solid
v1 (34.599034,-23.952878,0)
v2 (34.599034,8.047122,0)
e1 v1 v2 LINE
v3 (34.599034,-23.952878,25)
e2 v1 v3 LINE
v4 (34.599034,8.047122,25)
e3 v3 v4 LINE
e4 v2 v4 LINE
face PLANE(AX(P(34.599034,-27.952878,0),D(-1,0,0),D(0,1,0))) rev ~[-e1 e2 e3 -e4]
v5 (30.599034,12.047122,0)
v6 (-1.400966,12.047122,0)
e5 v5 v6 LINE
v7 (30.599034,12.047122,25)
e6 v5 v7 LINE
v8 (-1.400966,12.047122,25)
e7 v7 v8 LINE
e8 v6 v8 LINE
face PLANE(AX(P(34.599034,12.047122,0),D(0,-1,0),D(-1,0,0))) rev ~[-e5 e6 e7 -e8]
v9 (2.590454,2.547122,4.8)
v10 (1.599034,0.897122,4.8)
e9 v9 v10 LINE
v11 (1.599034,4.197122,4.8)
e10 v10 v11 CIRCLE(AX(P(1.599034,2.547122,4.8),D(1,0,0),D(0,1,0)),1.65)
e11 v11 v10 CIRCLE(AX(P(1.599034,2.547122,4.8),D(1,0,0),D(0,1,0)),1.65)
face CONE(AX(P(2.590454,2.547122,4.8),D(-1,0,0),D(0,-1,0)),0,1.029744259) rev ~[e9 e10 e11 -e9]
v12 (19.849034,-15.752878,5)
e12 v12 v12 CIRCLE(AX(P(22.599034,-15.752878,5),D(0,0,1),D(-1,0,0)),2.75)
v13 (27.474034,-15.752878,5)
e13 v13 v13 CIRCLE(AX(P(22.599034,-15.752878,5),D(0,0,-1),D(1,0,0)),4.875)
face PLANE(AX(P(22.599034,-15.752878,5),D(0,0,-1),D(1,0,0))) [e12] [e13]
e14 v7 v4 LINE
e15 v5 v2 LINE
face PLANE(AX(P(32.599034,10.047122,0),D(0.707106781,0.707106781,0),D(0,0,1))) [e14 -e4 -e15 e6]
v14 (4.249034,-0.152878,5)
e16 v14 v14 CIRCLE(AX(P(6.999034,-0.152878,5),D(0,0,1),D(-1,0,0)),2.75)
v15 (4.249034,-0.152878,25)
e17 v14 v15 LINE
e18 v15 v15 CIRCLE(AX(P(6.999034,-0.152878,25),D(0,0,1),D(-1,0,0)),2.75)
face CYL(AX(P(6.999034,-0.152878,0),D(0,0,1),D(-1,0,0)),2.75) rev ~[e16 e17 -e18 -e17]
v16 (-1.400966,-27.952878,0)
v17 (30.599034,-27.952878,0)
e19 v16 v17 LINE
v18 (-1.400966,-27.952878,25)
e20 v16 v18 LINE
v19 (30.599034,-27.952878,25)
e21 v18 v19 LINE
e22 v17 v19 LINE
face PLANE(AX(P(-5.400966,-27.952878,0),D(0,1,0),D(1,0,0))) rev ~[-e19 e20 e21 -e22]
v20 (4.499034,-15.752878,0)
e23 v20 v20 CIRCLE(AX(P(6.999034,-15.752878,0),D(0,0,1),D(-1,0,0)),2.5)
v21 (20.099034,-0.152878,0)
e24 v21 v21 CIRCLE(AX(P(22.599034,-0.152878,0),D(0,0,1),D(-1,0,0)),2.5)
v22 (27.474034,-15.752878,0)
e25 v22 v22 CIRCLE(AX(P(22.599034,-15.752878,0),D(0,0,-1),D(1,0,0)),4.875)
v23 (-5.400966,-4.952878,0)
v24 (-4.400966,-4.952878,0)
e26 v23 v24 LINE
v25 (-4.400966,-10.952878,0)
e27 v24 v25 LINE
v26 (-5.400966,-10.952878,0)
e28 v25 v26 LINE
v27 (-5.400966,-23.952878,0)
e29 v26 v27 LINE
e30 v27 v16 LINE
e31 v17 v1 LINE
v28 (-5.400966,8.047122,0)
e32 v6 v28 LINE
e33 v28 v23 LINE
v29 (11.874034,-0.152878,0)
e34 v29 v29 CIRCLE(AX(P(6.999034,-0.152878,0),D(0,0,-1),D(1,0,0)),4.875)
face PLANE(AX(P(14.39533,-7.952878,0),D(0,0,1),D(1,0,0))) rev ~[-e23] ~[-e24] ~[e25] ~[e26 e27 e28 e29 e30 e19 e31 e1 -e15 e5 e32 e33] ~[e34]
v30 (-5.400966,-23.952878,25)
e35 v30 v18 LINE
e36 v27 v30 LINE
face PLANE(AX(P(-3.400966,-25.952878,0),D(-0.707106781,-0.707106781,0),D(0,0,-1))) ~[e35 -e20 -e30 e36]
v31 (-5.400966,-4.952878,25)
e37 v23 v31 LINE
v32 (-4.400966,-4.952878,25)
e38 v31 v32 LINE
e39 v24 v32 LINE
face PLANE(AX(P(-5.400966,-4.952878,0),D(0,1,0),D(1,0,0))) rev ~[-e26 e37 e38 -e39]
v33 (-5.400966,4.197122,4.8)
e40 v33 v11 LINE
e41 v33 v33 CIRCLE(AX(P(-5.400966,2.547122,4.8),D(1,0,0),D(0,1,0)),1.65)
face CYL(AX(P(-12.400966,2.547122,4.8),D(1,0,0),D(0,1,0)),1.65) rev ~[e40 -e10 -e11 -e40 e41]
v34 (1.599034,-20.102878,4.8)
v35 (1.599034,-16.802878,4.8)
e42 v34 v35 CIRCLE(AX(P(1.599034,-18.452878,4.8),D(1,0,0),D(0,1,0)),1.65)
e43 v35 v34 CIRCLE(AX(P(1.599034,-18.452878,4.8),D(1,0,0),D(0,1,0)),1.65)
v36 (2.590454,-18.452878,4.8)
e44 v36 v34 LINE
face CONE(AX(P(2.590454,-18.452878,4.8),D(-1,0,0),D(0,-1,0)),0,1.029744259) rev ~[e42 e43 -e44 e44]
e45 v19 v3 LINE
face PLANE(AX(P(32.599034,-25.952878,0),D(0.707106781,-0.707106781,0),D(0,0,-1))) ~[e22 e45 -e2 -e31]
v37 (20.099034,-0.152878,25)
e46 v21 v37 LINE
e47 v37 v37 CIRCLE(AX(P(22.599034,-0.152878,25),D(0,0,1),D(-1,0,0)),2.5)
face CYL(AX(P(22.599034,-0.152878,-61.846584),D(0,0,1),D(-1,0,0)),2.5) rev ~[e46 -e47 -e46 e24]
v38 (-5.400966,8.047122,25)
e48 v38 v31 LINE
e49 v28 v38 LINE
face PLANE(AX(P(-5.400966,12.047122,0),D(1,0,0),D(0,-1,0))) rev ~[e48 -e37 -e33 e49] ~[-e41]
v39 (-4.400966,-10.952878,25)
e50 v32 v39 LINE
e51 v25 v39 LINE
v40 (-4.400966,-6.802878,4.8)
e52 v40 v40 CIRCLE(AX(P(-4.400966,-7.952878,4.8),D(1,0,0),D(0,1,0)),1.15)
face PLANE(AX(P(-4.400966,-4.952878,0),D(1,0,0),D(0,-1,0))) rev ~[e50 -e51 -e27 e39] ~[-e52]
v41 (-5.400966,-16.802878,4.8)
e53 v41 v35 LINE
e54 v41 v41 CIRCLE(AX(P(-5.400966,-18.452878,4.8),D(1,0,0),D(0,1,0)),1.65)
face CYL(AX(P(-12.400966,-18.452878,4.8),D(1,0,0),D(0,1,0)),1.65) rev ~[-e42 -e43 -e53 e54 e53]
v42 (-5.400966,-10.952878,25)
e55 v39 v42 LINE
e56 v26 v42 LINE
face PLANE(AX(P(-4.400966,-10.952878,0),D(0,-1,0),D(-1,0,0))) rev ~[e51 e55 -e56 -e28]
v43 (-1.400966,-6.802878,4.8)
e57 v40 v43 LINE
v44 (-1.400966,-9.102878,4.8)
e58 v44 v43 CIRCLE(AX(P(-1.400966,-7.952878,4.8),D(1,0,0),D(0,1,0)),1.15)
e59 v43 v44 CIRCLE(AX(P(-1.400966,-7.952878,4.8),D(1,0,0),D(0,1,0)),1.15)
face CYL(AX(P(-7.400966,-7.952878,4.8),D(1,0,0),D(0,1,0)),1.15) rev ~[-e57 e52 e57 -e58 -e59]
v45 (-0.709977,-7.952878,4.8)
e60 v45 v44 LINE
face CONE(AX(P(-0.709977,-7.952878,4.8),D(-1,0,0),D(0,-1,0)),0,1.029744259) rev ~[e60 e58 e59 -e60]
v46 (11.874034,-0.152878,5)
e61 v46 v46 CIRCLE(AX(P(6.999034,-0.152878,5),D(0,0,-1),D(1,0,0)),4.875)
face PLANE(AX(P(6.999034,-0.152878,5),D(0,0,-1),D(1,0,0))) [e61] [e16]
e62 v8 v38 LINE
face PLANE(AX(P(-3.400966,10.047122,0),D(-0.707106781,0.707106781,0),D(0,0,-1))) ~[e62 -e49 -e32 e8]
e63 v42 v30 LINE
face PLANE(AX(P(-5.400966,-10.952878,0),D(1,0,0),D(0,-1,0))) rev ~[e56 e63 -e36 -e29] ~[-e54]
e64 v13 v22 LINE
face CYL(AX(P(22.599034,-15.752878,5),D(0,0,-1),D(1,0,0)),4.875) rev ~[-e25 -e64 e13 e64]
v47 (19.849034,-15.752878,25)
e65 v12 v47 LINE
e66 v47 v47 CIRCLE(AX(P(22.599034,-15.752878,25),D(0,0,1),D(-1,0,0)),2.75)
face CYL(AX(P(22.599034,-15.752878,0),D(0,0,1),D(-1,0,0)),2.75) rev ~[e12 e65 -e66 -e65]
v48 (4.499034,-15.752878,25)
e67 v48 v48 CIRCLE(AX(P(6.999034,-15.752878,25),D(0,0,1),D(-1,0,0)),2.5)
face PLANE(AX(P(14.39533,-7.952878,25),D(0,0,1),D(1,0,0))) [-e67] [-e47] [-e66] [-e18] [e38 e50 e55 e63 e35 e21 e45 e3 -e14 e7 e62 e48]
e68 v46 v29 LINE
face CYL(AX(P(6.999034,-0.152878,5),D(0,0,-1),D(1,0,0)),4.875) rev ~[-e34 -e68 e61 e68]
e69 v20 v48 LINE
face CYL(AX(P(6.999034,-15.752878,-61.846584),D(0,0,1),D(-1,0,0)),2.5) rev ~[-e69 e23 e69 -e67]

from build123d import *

# Parameters (mm, degrees)
F1_DEPTH       = 25
F2_SIZE2       = 4
F2_SIZE        = 4
F3_D           = 5.5
F3_CBORE_D     = 9.75
F3_CBORE_DEPTH = 5
F4_D           = 5.5
F4_CBORE_D     = 9.75
F4_CBORE_DEPTH = 5
F5_D           = 5
F6_D           = 5
F9_D           = 3.3
F9_DEPTH       = 7
F9_TIP         = 0.9914200214
F10_D          = 2.3
F10_DEPTH      = 3
F10_TIP        = 0.6909897119


with BuildPart() as f1:
    # F0 (on Top) → F1 (new body)
    with BuildSketch(Plane.XY):
        Polygon((34.59903365, 12.0471221954), (-5.40096635, 12.0471221954), (-5.40096635, -4.9528778046), (-4.40096635, -4.9528778046), (-4.40096635, -10.9528778046), (-5.40096635, -10.9528778046), (-5.40096635, -27.9528778046), (34.59903365, -27.9528778046), align=None)
    extrude(amount=F1_DEPTH)

    # F2
    f2_edges = [f1.edges().sort_by_distance(p)[0] for p in [
        (-5.400966, 12.047122, 12.5),
        (-5.400966, -27.952878, 12.5),
        (34.599034, -27.952878, 12.5),
        (34.599034, 12.047122, 12.5),
    ]]
    chamfer(f2_edges, length=F2_SIZE, length2=F2_SIZE2)

    # F3 (through all)
    with Locations(Plane(origin=(0, 0, 0), x_dir=(1, 0, 0), z_dir=(0, 0, -1))):
        with Locations((6.99903365, 0.1528778046)):
            CounterBoreHole(F3_D / 2, F3_CBORE_D / 2, F3_CBORE_DEPTH)

    # F4 (through all)
    with Locations(Plane(origin=(0, 0, 0), x_dir=(1, 0, 0), z_dir=(0, 0, -1))):
        with Locations((22.59903365, 15.7528778046)):
            CounterBoreHole(F4_D / 2, F4_CBORE_D / 2, F4_CBORE_DEPTH)

    # F5 (through all)
    with Locations(Plane(origin=(0, 0, 0), x_dir=(1, 0, 0), z_dir=(0, 0, -1))):
        with Locations((22.59903365, 0.1528778046)):
            Hole(F5_D / 2)

    # F6 (through all)
    with Locations(Plane(origin=(0, 0, 0), x_dir=(1, 0, 0), z_dir=(0, 0, -1))):
        with Locations((6.99903365, 15.7528778046)):
            Hole(F6_D / 2)

    # F9
    with Locations(Plane(origin=(-5.40096635, 0, 0), x_dir=(0, -1, 0), z_dir=(-1, 0, 0))):
        with Locations((-2.5471221954, 4.8), (18.4528778046, 4.8)):
            Hole(F9_D / 2, depth=F9_DEPTH)
            with Locations((0, 0, -(F9_DEPTH + F9_TIP / 2))):  # 118° drill point
                Cone(0, F9_D / 2, F9_TIP, mode=Mode.SUBTRACT)

    # F10
    with Locations(Plane(origin=(-4.40096635, 0, 0), x_dir=(0, -1, 0), z_dir=(-1, 0, 0))):
        with Locations((7.9528778046, 4.8)):
            Hole(F10_D / 2, depth=F10_DEPTH)
            with Locations((0, 0, -(F10_DEPTH + F10_TIP / 2))):  # 118° drill point
                Cone(0, F10_D / 2, F10_TIP, mode=Mode.SUBTRACT)


solid = f1.part
